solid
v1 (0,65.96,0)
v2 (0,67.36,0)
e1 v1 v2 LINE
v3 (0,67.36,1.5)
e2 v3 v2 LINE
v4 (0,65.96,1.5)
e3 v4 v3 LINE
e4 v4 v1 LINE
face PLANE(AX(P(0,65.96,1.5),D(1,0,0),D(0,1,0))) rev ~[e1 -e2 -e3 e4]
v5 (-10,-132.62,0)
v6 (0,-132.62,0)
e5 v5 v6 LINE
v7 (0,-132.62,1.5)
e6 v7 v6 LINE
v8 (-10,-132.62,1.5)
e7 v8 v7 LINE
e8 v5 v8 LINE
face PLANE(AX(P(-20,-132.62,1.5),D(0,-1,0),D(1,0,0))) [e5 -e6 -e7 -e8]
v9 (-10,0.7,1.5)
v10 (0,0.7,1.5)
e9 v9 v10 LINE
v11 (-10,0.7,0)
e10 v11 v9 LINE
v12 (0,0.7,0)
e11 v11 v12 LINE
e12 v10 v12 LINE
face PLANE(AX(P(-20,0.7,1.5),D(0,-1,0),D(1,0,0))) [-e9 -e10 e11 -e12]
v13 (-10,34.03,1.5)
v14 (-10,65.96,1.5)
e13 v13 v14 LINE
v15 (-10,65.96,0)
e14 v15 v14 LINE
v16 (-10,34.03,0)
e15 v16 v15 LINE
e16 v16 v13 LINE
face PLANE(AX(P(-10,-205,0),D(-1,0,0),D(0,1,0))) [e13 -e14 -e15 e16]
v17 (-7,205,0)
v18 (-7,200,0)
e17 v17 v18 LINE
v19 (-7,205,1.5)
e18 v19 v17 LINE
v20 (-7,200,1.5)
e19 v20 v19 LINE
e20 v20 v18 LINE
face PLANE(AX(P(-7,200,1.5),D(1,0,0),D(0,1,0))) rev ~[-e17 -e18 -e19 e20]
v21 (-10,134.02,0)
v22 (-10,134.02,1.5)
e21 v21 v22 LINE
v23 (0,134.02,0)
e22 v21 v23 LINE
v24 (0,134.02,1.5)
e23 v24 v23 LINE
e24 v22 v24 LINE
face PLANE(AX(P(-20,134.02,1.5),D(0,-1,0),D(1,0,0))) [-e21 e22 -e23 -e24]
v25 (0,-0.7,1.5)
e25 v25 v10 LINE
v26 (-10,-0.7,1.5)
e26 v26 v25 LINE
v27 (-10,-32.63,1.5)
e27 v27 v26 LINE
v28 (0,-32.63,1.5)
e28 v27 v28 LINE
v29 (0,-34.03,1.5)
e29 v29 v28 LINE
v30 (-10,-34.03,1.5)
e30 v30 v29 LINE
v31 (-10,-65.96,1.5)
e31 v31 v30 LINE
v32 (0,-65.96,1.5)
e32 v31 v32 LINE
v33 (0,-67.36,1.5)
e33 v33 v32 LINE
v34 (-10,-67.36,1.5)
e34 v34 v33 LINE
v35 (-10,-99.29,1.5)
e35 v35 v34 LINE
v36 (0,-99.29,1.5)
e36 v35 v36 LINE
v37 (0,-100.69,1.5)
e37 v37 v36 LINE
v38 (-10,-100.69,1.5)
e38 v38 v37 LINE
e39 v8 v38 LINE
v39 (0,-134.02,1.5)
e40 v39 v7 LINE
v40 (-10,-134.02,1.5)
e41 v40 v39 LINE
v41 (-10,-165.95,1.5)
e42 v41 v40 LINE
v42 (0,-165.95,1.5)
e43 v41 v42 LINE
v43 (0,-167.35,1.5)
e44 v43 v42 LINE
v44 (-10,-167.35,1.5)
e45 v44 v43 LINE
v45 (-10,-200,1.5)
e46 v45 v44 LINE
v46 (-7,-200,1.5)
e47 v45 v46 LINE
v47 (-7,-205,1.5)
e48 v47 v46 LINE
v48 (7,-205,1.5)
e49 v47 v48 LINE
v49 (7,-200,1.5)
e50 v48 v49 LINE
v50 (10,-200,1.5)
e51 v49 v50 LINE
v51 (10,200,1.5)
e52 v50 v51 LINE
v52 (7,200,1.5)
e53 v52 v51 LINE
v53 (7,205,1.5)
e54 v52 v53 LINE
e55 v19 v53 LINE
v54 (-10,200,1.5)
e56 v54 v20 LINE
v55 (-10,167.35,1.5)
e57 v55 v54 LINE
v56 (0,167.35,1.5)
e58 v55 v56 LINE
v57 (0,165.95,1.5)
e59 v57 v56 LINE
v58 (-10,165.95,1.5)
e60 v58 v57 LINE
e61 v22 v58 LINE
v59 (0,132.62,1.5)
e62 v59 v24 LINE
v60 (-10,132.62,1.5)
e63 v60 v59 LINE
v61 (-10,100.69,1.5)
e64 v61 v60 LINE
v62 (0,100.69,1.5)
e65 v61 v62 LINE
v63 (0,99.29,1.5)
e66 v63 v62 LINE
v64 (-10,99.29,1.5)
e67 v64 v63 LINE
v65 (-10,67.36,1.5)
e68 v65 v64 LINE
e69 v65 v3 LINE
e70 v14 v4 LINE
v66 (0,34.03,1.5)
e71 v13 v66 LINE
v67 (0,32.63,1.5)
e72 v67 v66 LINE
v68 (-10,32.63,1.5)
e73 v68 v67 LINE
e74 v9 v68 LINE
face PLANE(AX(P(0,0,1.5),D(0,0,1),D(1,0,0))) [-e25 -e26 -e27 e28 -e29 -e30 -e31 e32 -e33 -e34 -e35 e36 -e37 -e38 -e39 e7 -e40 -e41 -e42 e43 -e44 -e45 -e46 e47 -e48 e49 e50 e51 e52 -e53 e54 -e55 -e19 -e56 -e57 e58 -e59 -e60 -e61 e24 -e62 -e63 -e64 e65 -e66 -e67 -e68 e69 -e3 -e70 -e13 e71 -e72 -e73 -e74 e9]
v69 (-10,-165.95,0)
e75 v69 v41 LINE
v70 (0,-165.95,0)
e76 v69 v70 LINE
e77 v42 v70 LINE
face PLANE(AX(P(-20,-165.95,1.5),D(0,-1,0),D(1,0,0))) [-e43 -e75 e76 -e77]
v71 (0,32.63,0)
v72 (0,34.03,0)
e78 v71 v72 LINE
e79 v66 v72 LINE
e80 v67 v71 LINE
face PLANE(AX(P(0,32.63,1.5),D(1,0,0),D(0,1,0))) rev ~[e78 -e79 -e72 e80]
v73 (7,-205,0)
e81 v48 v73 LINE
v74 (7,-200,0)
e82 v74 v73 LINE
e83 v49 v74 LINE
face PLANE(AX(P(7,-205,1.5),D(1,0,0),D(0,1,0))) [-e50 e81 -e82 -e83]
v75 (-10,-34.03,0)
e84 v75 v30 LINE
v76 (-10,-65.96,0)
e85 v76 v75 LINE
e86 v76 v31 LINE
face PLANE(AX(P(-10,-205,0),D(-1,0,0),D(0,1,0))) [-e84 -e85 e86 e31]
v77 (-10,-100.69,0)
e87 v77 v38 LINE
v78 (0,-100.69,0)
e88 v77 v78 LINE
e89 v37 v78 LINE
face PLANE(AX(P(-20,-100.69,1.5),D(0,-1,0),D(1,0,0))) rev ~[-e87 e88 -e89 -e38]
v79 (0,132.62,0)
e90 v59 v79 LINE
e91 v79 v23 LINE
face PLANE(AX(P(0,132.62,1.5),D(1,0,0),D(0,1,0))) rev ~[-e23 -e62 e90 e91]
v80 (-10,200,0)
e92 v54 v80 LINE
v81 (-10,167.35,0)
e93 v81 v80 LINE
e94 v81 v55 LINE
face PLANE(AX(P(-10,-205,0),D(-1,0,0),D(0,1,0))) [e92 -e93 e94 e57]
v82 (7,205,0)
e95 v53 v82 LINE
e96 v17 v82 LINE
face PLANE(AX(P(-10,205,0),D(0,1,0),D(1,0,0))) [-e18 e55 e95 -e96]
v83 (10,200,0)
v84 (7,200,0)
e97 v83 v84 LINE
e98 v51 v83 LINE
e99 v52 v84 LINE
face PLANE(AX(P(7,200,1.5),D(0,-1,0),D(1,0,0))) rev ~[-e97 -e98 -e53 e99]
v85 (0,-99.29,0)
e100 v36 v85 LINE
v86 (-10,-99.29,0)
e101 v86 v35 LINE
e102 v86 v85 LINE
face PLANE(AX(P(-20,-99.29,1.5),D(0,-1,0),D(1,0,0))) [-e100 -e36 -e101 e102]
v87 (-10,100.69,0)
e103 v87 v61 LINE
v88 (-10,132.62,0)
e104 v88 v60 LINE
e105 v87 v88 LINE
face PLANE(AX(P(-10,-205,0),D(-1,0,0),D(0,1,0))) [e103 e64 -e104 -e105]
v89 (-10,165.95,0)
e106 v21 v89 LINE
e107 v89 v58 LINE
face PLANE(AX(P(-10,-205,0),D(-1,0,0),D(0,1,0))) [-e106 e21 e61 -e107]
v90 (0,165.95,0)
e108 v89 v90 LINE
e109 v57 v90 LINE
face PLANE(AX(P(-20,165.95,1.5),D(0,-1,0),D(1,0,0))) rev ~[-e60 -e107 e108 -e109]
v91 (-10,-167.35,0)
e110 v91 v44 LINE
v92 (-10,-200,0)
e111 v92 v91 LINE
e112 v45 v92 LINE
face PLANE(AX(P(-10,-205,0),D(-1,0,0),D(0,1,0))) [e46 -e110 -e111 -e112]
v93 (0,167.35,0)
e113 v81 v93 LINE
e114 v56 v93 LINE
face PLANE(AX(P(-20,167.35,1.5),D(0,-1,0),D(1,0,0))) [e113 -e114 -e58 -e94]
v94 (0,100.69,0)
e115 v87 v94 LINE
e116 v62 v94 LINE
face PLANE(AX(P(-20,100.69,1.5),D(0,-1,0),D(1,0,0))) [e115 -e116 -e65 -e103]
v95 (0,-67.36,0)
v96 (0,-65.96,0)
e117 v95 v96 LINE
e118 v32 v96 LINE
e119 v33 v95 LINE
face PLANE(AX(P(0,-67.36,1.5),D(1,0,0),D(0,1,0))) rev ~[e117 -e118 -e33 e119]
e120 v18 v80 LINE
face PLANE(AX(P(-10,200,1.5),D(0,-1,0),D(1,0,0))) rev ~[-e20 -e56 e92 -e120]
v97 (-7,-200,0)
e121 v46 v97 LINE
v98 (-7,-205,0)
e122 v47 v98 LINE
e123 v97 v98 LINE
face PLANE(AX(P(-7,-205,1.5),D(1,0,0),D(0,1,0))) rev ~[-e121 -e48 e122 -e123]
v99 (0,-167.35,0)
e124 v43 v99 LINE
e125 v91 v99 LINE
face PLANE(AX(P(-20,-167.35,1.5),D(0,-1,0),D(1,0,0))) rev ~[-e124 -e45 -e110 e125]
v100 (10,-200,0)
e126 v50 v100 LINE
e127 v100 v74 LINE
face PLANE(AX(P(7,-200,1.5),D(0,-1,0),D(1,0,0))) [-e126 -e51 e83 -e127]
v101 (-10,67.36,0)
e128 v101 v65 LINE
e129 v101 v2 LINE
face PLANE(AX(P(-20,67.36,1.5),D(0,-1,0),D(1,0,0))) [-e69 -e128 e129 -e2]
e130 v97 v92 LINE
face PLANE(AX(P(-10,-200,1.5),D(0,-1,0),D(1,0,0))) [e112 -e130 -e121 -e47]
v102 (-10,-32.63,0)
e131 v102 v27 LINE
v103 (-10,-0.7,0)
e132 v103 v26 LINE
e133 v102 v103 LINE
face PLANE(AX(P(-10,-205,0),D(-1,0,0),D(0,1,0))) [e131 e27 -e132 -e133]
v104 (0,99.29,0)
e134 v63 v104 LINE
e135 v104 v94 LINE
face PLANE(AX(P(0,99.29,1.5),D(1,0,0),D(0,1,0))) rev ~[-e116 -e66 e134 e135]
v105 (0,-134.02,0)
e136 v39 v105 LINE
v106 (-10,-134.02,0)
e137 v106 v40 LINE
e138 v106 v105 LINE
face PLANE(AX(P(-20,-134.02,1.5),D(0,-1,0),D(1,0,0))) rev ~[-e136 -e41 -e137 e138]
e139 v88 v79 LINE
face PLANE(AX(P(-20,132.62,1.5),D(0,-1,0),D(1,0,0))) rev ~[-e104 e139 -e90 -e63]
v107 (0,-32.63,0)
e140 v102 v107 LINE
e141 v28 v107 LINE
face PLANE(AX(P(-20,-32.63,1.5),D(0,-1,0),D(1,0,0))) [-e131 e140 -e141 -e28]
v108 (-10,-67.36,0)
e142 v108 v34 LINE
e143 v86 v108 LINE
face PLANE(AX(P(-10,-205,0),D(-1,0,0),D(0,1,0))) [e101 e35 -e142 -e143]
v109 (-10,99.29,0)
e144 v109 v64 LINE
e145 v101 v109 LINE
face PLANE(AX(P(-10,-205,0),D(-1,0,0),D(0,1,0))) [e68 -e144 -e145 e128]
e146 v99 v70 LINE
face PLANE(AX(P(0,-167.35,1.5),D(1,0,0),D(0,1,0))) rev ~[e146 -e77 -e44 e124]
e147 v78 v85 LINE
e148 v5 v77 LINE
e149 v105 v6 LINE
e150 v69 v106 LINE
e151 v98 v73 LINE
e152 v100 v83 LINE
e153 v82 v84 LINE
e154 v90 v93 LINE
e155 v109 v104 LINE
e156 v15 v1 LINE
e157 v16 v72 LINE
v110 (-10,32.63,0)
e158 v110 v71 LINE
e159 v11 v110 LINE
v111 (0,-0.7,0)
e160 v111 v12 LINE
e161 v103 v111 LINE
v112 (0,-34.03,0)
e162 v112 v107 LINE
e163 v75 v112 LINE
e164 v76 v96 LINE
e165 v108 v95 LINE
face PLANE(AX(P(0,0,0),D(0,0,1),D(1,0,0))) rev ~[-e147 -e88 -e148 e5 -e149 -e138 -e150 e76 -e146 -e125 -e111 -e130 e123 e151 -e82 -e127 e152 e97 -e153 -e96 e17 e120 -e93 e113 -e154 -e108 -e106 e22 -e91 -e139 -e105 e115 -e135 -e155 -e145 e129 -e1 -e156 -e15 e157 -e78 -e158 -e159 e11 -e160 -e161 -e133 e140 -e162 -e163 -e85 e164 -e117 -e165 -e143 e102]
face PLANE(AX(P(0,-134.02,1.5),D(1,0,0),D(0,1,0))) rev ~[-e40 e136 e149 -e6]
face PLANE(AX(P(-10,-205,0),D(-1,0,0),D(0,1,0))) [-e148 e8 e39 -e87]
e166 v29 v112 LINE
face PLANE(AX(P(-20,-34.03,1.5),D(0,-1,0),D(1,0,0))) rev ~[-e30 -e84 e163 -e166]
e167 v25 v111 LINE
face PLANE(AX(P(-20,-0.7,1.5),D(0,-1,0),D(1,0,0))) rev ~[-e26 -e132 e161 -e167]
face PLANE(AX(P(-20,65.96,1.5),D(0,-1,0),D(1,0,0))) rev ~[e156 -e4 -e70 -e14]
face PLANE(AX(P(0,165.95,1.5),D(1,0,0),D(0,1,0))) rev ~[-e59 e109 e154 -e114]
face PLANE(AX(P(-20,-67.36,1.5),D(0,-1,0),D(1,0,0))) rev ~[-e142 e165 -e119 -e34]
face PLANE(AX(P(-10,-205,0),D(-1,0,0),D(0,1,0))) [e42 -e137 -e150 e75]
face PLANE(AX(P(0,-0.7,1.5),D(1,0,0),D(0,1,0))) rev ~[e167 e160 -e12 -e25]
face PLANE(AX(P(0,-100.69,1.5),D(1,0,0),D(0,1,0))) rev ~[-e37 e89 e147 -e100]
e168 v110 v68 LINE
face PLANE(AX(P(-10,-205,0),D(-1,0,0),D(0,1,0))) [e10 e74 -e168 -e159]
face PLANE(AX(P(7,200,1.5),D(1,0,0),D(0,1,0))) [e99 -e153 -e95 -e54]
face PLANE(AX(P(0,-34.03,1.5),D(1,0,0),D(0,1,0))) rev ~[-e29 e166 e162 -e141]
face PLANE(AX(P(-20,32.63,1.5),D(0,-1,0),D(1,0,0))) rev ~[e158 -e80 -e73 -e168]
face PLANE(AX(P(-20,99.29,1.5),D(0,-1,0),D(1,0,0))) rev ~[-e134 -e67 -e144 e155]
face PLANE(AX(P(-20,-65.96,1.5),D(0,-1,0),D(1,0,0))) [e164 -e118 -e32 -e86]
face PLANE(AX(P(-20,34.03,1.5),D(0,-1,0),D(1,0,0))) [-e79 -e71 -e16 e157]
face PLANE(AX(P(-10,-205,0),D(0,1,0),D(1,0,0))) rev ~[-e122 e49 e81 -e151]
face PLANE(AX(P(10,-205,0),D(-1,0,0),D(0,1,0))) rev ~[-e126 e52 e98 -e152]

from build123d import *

# Parameters (mm, degrees)
SKETCH_1_W                 = 20
SKETCH_1_H                 = 410
EXTRUDE_1_DEPTH            = 1.5
CUT_EXTRUDE_1_REACH        = 3.5
SKETCH_2_W                 = 3
SKETCH_2_H                 = 5
SKETCH_3_W                 = 20
SKETCH_3_H                 = 1.4
CUT_EXTRUDE_2_DEPTH        = 1.5
PATTERN_LINEAR_1_COUNT     = 6
PATTERN_LINEAR_1_PITCH     = 33.33
PATTERN_LINEAR_1_COL_COUNT = 6
PATTERN_LINEAR_1_COL_PITCH = 33.33


with BuildPart() as part:
    # 草图1 → 凸台-拉伸1 (new body)
    with BuildSketch(Plane.XY):
        Rectangle(SKETCH_1_W, SKETCH_1_H)
    extrude(amount=EXTRUDE_1_DEPTH)

    # 草图2 → 切除-拉伸1 (cut, up to next)
    with BuildSketch(Plane.XY.offset(1.5), mode=Mode.PRIVATE) as cut_extrude_1_sk1:
        with Locations((-8.5, 202.5)):
            Rectangle(SKETCH_2_W, SKETCH_2_H)
    cut_extrude_1_tool1 = extrude(cut_extrude_1_sk1.sketch, amount=-CUT_EXTRUDE_1_REACH, mode=Mode.PRIVATE) & part.part
    add(cut_extrude_1_tool1.solids().sort_by_distance((-8.5, 202.5, 1.5))[0], mode=Mode.SUBTRACT)
    # 草图2 → 切除-拉伸1 (cut, up to next)
    with BuildSketch(Plane.XY.offset(1.5), mode=Mode.PRIVATE) as cut_extrude_1_sk2:
        with Locations((8.5, 202.5)):
            Rectangle(SKETCH_2_W, SKETCH_2_H)
    cut_extrude_1_tool2 = extrude(cut_extrude_1_sk2.sketch, amount=-CUT_EXTRUDE_1_REACH, mode=Mode.PRIVATE) & part.part
    add(cut_extrude_1_tool2.solids().sort_by_distance((8.5, 202.5, 1.5))[0], mode=Mode.SUBTRACT)
    # 草图2 → 切除-拉伸1 (cut, up to next)
    with BuildSketch(Plane.XY.offset(1.5), mode=Mode.PRIVATE) as cut_extrude_1_sk3:
        with Locations((-8.5, -202.5)):
            Rectangle(SKETCH_2_W, SKETCH_2_H)
    cut_extrude_1_tool3 = extrude(cut_extrude_1_sk3.sketch, amount=-CUT_EXTRUDE_1_REACH, mode=Mode.PRIVATE) & part.part
    add(cut_extrude_1_tool3.solids().sort_by_distance((-8.5, -202.5, 1.5))[0], mode=Mode.SUBTRACT)
    # 草图2 → 切除-拉伸1 (cut, up to next)
    with BuildSketch(Plane.XY.offset(1.5), mode=Mode.PRIVATE) as cut_extrude_1_sk4:
        with Locations((8.5, -202.5)):
            Rectangle(SKETCH_2_W, SKETCH_2_H)
    cut_extrude_1_tool4 = extrude(cut_extrude_1_sk4.sketch, amount=-CUT_EXTRUDE_1_REACH, mode=Mode.PRIVATE) & part.part
    add(cut_extrude_1_tool4.solids().sort_by_distance((8.5, -202.5, 1.5))[0], mode=Mode.SUBTRACT)

    # 草图3 → 切除-拉伸2 (cut)
    with BuildSketch(Plane.XY.offset(1.5)):
        with Locations((-10, 0)):
            Rectangle(SKETCH_3_W, SKETCH_3_H)
    cut_extrude_2 = extrude(amount=-CUT_EXTRUDE_2_DEPTH, mode=Mode.SUBTRACT)

    # 阵列(线性)1: 切除-拉伸2 ×6
    with Locations(*[(0, i * PATTERN_LINEAR_1_PITCH, 0) for i in range(1, PATTERN_LINEAR_1_COUNT)]):
        add(cut_extrude_2, mode=Mode.SUBTRACT)

    # 阵列(线性)1 col: 切除-拉伸2 ×6
    with Locations(*[(0, -i * PATTERN_LINEAR_1_COL_PITCH, 0) for i in range(1, PATTERN_LINEAR_1_COL_COUNT)]):
        add(cut_extrude_2, mode=Mode.SUBTRACT)


solid = part.part
